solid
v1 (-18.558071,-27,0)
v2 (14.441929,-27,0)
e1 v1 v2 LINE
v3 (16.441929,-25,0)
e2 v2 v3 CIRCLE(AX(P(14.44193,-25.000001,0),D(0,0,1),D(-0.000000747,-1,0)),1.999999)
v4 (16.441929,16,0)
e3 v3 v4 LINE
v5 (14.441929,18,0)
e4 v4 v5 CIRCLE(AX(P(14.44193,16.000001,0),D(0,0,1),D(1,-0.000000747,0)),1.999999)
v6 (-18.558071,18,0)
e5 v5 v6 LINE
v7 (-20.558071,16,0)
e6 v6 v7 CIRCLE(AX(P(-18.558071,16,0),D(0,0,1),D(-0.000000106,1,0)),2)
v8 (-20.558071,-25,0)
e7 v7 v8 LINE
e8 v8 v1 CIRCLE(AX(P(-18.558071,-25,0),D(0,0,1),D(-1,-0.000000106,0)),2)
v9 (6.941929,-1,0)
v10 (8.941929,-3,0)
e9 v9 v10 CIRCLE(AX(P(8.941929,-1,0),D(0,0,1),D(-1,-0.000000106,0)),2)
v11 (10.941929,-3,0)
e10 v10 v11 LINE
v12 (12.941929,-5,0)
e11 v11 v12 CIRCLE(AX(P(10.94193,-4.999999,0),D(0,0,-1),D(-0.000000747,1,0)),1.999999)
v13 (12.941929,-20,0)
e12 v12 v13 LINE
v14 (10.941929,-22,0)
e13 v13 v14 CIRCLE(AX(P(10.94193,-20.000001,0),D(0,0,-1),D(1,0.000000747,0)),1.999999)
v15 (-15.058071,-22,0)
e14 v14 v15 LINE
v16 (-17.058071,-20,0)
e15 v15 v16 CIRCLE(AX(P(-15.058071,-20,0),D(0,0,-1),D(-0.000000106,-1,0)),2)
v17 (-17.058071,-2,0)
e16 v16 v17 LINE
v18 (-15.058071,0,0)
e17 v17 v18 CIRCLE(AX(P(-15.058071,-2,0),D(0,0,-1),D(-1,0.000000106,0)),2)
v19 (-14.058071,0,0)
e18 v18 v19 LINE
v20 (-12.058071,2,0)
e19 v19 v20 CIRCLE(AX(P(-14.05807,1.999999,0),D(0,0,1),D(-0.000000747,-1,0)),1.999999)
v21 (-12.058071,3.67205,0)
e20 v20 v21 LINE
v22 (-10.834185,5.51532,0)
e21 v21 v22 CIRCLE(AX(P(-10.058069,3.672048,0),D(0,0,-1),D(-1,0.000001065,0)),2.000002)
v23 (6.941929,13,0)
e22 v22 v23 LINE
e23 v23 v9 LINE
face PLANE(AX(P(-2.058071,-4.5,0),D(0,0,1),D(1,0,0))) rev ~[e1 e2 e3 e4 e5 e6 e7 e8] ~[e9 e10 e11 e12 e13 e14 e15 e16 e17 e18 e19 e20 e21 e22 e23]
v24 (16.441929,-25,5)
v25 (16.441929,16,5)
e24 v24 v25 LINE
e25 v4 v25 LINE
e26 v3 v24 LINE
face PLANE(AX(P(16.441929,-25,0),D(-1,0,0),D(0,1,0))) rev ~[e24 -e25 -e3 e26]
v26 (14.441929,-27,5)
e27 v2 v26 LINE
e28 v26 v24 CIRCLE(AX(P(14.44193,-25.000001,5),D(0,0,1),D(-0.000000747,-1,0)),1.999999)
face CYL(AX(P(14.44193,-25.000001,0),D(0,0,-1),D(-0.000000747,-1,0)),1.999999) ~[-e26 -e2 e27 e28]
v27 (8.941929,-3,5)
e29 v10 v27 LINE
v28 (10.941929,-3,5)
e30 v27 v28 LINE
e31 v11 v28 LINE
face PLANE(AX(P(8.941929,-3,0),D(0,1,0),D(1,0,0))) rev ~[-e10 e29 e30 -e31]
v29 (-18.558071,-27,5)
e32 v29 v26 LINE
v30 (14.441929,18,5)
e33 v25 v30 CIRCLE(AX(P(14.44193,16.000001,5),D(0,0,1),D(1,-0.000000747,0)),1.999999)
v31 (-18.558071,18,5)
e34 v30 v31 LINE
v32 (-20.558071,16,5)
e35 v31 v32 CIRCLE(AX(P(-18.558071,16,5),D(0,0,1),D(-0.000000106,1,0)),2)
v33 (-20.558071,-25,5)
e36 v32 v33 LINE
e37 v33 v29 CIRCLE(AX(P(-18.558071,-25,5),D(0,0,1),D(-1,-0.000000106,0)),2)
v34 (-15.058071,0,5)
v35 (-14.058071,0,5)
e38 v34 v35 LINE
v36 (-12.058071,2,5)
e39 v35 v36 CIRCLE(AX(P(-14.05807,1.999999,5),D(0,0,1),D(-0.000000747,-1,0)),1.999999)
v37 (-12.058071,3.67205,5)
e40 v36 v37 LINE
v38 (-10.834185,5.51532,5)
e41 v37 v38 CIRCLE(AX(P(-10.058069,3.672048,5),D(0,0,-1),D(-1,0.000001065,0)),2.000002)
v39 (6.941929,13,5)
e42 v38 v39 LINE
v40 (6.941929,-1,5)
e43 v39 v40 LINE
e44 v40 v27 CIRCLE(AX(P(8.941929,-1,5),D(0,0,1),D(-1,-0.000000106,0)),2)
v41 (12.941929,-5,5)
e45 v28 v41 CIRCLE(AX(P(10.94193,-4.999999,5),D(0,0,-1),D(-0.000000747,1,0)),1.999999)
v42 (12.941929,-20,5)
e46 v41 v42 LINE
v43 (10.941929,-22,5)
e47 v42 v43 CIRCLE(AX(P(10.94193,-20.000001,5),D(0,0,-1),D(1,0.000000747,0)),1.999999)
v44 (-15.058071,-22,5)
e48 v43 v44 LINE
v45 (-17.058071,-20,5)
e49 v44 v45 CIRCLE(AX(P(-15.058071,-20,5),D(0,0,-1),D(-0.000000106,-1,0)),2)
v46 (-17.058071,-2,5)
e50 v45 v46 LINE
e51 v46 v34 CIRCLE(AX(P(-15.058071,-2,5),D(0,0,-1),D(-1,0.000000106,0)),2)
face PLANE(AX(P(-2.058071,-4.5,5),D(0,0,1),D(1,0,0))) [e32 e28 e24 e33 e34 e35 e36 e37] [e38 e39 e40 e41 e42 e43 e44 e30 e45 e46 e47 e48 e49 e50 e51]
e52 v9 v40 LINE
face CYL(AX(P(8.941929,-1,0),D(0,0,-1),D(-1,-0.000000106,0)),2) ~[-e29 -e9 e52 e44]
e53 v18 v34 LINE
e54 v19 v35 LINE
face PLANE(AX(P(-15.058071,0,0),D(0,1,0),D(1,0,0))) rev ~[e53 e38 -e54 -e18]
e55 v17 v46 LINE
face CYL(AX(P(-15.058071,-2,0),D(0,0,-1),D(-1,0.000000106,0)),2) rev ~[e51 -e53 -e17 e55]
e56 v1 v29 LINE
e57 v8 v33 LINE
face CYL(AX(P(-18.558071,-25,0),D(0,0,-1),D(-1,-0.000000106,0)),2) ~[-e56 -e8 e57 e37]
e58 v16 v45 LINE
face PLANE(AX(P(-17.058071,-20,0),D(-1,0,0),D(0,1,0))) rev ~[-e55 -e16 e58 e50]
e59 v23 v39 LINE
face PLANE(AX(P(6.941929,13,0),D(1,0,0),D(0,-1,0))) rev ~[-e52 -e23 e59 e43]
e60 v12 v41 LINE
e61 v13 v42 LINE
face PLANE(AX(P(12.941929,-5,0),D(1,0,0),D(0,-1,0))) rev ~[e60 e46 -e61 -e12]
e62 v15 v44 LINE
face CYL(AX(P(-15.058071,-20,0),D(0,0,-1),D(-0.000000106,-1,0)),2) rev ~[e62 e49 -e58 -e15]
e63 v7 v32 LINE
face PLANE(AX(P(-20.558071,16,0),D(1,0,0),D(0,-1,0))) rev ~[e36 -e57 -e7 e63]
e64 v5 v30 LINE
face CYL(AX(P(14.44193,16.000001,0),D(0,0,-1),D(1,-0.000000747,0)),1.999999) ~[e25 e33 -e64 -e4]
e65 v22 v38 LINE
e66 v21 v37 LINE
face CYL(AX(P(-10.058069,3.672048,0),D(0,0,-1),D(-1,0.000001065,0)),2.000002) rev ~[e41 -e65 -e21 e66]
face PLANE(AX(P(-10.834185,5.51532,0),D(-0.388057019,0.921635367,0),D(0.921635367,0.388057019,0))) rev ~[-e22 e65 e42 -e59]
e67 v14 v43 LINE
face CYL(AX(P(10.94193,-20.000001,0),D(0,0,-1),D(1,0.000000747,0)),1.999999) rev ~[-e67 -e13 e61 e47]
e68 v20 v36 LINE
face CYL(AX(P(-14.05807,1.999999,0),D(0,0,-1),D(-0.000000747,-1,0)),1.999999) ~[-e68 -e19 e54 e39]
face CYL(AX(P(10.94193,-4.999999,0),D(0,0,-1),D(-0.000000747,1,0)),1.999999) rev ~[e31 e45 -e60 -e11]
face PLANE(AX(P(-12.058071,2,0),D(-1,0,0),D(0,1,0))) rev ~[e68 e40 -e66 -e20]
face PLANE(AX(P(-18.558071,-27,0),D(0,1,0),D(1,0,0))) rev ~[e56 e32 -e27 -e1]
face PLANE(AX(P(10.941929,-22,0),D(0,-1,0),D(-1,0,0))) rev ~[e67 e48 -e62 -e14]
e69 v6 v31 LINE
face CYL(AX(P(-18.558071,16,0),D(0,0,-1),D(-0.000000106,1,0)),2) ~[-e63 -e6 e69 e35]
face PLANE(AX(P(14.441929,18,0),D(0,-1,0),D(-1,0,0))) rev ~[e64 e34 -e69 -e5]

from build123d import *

# Parameters (mm, degrees)
F1_DEPTH = 5


with BuildPart() as f1:
    # F0 (on Top) → F1 (new body)
    with BuildSketch(Plane.XY):
        with BuildLine():
            Line((14.441929, 18), (-18.558071, 18))
            ThreePointArc((-18.558071, 18), (-19.972284, 17.414214), (-20.558071, 16))
            Line((-20.558071, 16), (-20.558071, -25))
            ThreePointArc((-20.558071, -25), (-19.972284, -26.414214), (-18.558071, -27))
            Line((-18.558071, -27), (14.441929, -27))
            ThreePointArc((14.441929, -27), (15.856143, -26.414214), (16.441929, -25))
            Line((16.441929, -25), (16.441929, 16))
            ThreePointArc((16.441929, 16), (15.856143, 17.414214), (14.441929, 18))
        make_face()
        with BuildLine():
            Line((-17.058071, -20), (-17.058071, -2))
            ThreePointArc((-17.058071, -2), (-16.472284, -0.585786), (-15.058071, 0))
            Line((-15.058071, 0), (-14.058071, 0))
            ThreePointArc((-14.058071, 0), (-12.643857, 0.585786), (-12.058071, 2))
            Line((-12.058071, 2), (-12.058071, 3.67205))
            ThreePointArc((-12.058071, 3.67205), (-11.724238, 4.778343), (-10.834185, 5.51532))
            Line((-10.834185, 5.51532), (6.941929, 13))
            Line((6.941929, 13), (6.941929, -1))
            ThreePointArc((6.941929, -1), (7.527716, -2.414214), (8.941929, -3))
            Line((8.941929, -3), (10.941929, -3))
            ThreePointArc((10.941929, -3), (12.356143, -3.585786), (12.941929, -5))
            Line((12.941929, -5), (12.941929, -20))
            ThreePointArc((12.941929, -20), (12.356143, -21.414214), (10.941929, -22))
            Line((10.941929, -22), (-15.058071, -22))
            ThreePointArc((-15.058071, -22), (-16.472284, -21.414214), (-17.058071, -20))
        make_face(mode=Mode.SUBTRACT)
    extrude(amount=F1_DEPTH)


solid = f1.part
